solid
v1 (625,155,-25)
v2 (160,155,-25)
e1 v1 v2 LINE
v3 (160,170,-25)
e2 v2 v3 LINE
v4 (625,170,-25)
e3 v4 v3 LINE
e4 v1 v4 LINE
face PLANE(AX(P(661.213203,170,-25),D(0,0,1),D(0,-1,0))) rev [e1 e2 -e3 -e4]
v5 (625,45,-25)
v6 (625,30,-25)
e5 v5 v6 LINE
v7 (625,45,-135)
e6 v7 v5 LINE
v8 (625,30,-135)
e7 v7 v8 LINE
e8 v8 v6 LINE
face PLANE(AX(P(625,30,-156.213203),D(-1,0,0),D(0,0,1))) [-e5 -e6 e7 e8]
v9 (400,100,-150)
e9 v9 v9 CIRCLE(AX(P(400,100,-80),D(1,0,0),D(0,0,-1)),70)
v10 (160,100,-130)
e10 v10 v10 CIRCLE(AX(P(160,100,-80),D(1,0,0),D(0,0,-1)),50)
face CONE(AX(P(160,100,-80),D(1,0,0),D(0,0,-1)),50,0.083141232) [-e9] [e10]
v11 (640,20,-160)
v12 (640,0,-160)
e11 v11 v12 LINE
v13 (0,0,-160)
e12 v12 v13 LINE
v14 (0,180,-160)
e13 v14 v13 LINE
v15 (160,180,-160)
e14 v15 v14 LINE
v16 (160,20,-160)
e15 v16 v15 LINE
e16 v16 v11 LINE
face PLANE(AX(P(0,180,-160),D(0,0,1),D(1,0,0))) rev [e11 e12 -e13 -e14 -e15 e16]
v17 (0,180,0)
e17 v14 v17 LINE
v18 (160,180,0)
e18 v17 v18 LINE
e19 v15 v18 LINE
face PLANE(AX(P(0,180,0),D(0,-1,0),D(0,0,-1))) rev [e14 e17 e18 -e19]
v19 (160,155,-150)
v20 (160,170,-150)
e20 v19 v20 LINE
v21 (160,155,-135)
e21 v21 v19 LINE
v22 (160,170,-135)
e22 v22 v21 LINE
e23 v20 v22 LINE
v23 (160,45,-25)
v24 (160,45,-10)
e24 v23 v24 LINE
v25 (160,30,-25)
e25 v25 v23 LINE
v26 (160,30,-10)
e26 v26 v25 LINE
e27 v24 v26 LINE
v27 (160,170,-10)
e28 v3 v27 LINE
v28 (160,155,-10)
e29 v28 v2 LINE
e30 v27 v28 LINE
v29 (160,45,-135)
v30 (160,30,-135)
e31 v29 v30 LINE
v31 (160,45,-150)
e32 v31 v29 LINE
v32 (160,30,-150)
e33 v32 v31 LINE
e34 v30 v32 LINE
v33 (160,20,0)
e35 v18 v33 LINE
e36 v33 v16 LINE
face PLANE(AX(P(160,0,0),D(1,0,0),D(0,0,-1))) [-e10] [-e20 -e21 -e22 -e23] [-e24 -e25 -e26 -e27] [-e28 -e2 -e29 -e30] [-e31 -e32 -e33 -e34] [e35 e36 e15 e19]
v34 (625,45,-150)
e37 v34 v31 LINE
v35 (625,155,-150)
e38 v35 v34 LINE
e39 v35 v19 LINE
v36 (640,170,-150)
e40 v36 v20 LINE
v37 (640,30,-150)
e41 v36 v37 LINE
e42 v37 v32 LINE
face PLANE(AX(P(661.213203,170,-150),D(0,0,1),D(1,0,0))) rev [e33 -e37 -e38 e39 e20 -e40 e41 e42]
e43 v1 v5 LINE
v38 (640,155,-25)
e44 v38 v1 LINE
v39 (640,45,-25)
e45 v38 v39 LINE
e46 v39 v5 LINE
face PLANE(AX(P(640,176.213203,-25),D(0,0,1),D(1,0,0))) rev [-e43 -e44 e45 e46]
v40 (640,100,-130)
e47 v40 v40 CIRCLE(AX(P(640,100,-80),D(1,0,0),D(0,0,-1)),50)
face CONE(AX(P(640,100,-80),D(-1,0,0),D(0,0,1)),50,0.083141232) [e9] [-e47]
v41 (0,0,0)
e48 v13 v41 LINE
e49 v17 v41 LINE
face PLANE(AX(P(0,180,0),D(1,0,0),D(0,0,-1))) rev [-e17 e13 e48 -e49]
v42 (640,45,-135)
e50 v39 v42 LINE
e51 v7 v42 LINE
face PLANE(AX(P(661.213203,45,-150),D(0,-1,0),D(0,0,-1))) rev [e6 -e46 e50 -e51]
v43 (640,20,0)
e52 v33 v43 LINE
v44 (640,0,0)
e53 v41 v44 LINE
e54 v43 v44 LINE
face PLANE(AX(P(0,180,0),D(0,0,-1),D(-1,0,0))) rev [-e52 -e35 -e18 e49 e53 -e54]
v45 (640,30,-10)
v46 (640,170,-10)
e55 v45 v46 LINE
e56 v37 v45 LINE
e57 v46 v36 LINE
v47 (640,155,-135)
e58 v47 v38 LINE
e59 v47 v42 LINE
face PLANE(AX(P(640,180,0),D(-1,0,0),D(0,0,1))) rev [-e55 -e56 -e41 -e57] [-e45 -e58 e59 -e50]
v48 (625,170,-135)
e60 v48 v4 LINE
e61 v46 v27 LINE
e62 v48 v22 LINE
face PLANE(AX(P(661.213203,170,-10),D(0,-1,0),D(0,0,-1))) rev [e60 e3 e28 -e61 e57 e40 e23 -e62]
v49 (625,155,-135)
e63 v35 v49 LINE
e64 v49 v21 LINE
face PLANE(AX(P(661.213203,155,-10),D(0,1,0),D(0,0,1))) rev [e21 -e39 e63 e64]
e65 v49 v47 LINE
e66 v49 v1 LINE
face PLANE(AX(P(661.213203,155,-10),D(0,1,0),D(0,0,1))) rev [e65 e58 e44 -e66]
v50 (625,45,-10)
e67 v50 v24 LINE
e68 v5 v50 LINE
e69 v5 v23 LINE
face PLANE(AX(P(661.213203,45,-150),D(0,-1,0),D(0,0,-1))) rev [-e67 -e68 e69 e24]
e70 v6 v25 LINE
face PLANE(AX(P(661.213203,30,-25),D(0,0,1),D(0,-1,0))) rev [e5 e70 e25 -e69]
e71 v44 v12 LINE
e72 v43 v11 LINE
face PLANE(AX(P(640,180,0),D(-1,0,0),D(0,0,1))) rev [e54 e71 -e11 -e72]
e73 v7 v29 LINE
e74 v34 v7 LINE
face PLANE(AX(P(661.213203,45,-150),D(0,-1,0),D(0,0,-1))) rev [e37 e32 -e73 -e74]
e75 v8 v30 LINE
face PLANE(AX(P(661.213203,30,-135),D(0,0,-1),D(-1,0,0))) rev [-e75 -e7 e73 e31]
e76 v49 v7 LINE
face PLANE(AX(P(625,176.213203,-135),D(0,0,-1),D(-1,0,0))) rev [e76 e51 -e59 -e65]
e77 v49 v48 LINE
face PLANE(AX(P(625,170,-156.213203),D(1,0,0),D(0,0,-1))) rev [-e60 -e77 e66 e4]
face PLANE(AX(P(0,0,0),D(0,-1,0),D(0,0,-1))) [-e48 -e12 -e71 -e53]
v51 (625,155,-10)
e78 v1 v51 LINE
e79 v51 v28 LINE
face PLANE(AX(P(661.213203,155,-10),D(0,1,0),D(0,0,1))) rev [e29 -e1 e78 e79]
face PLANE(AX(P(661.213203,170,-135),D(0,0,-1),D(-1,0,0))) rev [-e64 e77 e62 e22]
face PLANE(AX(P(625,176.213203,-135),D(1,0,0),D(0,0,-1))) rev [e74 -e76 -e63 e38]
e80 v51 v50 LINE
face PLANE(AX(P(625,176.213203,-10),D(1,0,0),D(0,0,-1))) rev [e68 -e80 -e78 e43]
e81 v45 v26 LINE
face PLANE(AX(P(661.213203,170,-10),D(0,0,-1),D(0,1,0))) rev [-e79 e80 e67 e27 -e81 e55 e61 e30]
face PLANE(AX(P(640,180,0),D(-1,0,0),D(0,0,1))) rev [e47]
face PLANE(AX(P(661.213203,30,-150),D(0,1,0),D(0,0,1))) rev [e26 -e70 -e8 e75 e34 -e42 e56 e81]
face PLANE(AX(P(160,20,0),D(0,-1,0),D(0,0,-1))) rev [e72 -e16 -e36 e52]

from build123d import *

# Parameters (mm, degrees)
SKETCH1_W           = 640
SKETCH1_H           = 160
BOSS_EXTRUDE1_DEPTH = 180
SKETCH2_W           = 160
SKETCH2_H           = 160
CUT_EXTRUDE1_DEPTH  = 480
SKETCH3_R           = 70
BOSS_EXTRUDE2_DEPTH = 480
SKETCH4_W           = 15
SKETCH4_H           = 15
BOSS_EXTRUDE3_DEPTH = 480
SKETCH7_W           = 15
SKETCH7_H           = 15
BOSS_EXTRUDE4_DEPTH = 110
SKETCH8_W           = 15
SKETCH8_H           = 15
BOSS_EXTRUDE5_DEPTH = 110


with BuildPart() as part:
    # Sketch1 → Boss-Extrude1 (new body)
    with BuildSketch(Plane(origin=(0, 0, 0), x_dir=(1, 0, 0), z_dir=(0, 1, 0))):
        with Locations((320, 80)):
            Rectangle(SKETCH1_W, SKETCH1_H)
    extrude(amount=BOSS_EXTRUDE1_DEPTH)

    # Sketch2 → Cut-Extrude1 (cut)
    with BuildSketch(Plane(origin=(640, 0, 0), x_dir=(0, 0, -1), z_dir=(1, 0, 0))):
        with Locations((80, 100)):
            Rectangle(SKETCH2_W, SKETCH2_H)
    extrude(amount=-CUT_EXTRUDE1_DEPTH, mode=Mode.SUBTRACT)

    # Sketch3 → Boss-Extrude2 (add)
    with BuildSketch(Plane(origin=(160, 0, 0), x_dir=(0, 0, -1), z_dir=(1, 0, 0))):
        with Locations(Location((80, 100, 0), (0, 0, 180))):
            Circle(SKETCH3_R)
    extrude(amount=BOSS_EXTRUDE2_DEPTH)

    # Sketch6 → Cut-Revolve1 (revolve, cut)
    with BuildSketch(Plane.XY.offset(-80), mode=Mode.PRIVATE) as cut_revolve1_sk:
        Polygon((160, 170), (160, 150), (400, 170), align=None)
        Polygon((640, 150), (400, 170), (640, 170), align=None)
    revolve(cut_revolve1_sk.sketch.rotate(Axis((640, 100, -80), (-1, 0, 0)), 90), axis=Axis((640, 100, -80), (-1, 0, 0)), mode=Mode.SUBTRACT)

    # Sketch4 → Boss-Extrude3 (add)
    with BuildSketch(Plane(origin=(160, 0, 0), x_dir=(0, 0, -1), z_dir=(1, 0, 0))):
        with Locations((17.5, 162.5)):
            Rectangle(SKETCH4_W, SKETCH4_H)
        with Locations((142.5, 162.5)):
            Rectangle(SKETCH4_W, SKETCH4_H)
        with Locations((142.5, 37.5)):
            Rectangle(SKETCH4_W, SKETCH4_H)
        with Locations((17.5, 37.5)):
            Rectangle(SKETCH4_W, SKETCH4_H)
    extrude(amount=BOSS_EXTRUDE3_DEPTH)

    # Sketch7 → Boss-Extrude4 (add)
    with BuildSketch(Plane(origin=(0, 0, -25), x_dir=(-1, 0, 0), z_dir=(0, 0, -1))):
        with Locations((-632.5, 162.5)):
            Rectangle(SKETCH7_W, SKETCH7_H)
    boss_extrude4 = extrude(amount=BOSS_EXTRUDE4_DEPTH)

    # Mirror1: Boss-Extrude4 across plane
    add(boss_extrude4.mirror(Plane.ZX.offset(100)))

    # Sketch8 → Boss-Extrude5 (add)
    with BuildSketch(Plane(origin=(0, 45, 0), x_dir=(1, 0, 0), z_dir=(0, 1, 0))):
        with Locations((632.5, 17.5)):
            Rectangle(SKETCH8_W, SKETCH8_H)
        with Locations((632.5, 142.5)):
            Rectangle(SKETCH8_W, SKETCH8_H)
    extrude(amount=BOSS_EXTRUDE5_DEPTH)


solid = part.part
